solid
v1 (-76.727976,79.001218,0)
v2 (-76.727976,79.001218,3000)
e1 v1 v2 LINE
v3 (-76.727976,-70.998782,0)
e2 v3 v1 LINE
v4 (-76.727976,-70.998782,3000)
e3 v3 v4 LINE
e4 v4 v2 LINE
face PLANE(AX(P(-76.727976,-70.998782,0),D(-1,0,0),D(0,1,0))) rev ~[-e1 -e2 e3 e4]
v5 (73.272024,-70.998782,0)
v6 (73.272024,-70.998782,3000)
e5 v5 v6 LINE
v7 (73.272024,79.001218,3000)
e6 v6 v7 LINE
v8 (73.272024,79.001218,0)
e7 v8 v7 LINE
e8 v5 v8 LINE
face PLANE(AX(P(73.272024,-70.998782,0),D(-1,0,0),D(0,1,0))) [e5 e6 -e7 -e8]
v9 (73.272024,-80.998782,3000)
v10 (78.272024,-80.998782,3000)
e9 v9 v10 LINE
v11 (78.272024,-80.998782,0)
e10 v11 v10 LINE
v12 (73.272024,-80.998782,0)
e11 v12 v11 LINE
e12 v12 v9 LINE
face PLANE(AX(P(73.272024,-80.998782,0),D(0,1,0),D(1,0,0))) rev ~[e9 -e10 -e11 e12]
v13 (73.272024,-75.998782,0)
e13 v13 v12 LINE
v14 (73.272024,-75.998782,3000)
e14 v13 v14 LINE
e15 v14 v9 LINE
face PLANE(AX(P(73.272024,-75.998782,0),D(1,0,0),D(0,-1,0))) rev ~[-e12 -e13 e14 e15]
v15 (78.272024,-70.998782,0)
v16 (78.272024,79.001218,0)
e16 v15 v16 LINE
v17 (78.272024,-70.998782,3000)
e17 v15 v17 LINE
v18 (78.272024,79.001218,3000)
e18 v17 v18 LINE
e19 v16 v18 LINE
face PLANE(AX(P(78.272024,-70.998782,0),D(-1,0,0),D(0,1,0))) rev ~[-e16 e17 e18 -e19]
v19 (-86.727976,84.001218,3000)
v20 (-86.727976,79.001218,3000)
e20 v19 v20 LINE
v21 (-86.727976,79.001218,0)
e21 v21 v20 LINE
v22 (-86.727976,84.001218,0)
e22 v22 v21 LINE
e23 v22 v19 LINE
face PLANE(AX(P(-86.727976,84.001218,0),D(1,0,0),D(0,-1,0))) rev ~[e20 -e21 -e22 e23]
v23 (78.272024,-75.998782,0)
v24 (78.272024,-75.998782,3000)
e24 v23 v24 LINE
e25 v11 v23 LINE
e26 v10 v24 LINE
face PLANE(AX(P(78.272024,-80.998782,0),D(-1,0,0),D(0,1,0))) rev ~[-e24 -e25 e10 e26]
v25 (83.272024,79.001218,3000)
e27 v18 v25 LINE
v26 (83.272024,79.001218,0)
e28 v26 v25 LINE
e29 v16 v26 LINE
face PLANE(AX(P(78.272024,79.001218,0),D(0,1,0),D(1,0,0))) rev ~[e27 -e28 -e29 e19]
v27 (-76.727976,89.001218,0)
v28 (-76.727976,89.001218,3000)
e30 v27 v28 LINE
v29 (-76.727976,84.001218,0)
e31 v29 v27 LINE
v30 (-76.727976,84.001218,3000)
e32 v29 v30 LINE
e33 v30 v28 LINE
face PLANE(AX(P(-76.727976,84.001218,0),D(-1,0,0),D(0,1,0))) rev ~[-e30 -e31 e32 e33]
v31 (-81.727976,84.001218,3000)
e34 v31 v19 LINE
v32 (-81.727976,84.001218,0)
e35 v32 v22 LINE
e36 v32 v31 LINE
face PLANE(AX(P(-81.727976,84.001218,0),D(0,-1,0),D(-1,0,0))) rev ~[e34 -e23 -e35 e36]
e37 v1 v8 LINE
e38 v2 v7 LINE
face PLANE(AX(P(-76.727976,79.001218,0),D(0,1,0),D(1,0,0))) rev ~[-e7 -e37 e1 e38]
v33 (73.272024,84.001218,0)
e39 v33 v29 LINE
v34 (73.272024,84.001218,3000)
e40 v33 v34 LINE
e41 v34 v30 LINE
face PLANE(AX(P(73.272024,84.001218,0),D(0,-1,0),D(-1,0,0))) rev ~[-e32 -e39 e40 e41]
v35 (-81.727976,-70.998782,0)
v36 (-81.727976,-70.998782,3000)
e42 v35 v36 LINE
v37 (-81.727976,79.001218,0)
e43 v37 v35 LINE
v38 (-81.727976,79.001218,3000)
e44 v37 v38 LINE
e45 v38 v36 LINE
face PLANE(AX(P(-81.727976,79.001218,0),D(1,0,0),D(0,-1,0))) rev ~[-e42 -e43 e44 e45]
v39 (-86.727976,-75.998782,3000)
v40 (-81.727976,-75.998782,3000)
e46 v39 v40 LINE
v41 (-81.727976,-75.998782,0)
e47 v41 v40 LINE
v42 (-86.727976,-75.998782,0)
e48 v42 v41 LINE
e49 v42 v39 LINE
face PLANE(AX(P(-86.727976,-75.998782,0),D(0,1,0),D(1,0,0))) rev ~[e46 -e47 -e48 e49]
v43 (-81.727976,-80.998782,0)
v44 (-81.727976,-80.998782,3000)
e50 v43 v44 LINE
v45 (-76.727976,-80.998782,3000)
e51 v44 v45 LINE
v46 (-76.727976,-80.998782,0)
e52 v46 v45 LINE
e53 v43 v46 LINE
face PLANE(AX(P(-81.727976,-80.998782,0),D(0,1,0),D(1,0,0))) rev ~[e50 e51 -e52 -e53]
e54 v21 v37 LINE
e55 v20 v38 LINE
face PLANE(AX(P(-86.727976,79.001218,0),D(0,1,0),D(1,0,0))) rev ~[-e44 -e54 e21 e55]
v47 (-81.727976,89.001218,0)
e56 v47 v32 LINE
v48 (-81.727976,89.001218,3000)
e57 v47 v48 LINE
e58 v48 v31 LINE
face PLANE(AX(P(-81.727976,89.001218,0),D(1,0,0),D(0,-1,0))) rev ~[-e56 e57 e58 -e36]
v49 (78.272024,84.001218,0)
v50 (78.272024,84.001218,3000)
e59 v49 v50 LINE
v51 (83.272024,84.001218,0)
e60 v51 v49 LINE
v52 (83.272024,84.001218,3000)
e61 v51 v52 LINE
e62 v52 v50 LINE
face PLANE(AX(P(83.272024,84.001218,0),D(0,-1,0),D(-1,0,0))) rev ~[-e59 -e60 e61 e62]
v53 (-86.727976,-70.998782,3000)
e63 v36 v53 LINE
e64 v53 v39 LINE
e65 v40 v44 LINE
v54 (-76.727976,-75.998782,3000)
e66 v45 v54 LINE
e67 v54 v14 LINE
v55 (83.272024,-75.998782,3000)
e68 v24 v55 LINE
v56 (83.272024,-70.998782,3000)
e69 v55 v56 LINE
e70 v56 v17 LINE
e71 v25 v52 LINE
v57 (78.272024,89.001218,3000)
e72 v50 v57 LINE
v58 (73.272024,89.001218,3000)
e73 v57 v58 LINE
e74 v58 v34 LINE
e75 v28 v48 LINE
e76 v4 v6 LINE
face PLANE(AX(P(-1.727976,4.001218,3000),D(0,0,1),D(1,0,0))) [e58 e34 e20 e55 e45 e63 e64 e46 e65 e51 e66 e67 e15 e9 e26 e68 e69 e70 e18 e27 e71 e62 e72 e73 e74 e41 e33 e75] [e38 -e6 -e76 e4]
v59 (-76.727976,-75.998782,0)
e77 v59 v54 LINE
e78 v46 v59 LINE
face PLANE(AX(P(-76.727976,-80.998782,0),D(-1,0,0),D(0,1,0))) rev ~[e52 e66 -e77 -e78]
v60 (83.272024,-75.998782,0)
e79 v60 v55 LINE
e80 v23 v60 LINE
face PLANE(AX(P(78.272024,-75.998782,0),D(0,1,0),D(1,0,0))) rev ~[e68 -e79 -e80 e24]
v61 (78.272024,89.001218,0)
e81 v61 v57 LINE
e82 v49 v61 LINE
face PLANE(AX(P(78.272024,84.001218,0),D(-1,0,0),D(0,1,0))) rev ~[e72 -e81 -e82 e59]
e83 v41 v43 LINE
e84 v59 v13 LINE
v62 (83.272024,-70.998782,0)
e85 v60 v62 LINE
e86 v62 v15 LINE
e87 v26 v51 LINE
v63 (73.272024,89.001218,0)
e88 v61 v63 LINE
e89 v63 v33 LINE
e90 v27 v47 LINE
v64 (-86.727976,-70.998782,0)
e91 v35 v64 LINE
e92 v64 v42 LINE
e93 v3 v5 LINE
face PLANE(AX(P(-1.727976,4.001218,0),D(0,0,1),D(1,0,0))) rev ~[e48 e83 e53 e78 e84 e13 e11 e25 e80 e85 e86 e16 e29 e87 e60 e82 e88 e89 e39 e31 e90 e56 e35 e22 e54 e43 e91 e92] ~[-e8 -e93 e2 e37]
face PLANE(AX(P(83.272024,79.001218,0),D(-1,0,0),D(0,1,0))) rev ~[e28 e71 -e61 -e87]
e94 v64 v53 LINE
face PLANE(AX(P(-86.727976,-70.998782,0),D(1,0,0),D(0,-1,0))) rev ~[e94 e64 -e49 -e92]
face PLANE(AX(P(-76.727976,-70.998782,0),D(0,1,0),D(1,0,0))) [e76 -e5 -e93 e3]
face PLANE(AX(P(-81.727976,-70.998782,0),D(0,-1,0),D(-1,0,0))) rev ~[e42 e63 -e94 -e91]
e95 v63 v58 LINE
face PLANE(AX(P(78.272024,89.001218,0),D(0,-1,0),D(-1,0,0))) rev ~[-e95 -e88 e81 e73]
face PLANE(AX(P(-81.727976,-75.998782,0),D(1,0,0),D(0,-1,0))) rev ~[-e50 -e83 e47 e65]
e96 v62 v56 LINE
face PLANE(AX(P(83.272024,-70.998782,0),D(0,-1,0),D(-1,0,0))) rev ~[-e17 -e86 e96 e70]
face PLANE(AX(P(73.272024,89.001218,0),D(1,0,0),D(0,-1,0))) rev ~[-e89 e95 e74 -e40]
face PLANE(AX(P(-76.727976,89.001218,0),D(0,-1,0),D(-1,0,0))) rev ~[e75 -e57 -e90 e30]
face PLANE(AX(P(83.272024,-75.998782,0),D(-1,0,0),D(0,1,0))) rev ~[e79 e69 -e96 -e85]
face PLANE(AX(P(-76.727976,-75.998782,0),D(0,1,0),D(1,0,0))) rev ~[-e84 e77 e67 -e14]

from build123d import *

# Parameters (mm, degrees)
F0_W     = 150
F0_H     = 150
F1_DEPTH = 3000


with BuildPart() as f1:
    # F0 (on Top) → F1 (new body)
    with BuildSketch(Plane.XY):
        Polygon((-81.727976, 84.001218), (-86.727976, 84.001218), (-86.727976, 79.001218), (-81.727976, 79.001218), (-81.727976, -70.998782), (-86.727976, -70.998782), (-86.727976, -75.998782), (-81.727976, -75.998782), (-81.727976, -80.998782), (-76.727976, -80.998782), (-76.727976, -75.998782), (73.272024, -75.998782), (73.272024, -80.998782), (78.272024, -80.998782), (78.272024, -75.998782), (83.272024, -75.998782), (83.272024, -70.998782), (78.272024, -70.998782), (78.272024, 79.001218), (83.272024, 79.001218), (83.272024, 84.001218), (78.272024, 84.001218), (78.272024, 89.001218), (73.272024, 89.001218), (73.272024, 84.001218), (-76.727976, 84.001218), (-76.727976, 89.001218), (-81.727976, 89.001218), align=None)
        with Locations((-1.727976, 4.001218)):
            Rectangle(F0_W, F0_H, mode=Mode.SUBTRACT)
    extrude(amount=F1_DEPTH)


solid = f1.part
